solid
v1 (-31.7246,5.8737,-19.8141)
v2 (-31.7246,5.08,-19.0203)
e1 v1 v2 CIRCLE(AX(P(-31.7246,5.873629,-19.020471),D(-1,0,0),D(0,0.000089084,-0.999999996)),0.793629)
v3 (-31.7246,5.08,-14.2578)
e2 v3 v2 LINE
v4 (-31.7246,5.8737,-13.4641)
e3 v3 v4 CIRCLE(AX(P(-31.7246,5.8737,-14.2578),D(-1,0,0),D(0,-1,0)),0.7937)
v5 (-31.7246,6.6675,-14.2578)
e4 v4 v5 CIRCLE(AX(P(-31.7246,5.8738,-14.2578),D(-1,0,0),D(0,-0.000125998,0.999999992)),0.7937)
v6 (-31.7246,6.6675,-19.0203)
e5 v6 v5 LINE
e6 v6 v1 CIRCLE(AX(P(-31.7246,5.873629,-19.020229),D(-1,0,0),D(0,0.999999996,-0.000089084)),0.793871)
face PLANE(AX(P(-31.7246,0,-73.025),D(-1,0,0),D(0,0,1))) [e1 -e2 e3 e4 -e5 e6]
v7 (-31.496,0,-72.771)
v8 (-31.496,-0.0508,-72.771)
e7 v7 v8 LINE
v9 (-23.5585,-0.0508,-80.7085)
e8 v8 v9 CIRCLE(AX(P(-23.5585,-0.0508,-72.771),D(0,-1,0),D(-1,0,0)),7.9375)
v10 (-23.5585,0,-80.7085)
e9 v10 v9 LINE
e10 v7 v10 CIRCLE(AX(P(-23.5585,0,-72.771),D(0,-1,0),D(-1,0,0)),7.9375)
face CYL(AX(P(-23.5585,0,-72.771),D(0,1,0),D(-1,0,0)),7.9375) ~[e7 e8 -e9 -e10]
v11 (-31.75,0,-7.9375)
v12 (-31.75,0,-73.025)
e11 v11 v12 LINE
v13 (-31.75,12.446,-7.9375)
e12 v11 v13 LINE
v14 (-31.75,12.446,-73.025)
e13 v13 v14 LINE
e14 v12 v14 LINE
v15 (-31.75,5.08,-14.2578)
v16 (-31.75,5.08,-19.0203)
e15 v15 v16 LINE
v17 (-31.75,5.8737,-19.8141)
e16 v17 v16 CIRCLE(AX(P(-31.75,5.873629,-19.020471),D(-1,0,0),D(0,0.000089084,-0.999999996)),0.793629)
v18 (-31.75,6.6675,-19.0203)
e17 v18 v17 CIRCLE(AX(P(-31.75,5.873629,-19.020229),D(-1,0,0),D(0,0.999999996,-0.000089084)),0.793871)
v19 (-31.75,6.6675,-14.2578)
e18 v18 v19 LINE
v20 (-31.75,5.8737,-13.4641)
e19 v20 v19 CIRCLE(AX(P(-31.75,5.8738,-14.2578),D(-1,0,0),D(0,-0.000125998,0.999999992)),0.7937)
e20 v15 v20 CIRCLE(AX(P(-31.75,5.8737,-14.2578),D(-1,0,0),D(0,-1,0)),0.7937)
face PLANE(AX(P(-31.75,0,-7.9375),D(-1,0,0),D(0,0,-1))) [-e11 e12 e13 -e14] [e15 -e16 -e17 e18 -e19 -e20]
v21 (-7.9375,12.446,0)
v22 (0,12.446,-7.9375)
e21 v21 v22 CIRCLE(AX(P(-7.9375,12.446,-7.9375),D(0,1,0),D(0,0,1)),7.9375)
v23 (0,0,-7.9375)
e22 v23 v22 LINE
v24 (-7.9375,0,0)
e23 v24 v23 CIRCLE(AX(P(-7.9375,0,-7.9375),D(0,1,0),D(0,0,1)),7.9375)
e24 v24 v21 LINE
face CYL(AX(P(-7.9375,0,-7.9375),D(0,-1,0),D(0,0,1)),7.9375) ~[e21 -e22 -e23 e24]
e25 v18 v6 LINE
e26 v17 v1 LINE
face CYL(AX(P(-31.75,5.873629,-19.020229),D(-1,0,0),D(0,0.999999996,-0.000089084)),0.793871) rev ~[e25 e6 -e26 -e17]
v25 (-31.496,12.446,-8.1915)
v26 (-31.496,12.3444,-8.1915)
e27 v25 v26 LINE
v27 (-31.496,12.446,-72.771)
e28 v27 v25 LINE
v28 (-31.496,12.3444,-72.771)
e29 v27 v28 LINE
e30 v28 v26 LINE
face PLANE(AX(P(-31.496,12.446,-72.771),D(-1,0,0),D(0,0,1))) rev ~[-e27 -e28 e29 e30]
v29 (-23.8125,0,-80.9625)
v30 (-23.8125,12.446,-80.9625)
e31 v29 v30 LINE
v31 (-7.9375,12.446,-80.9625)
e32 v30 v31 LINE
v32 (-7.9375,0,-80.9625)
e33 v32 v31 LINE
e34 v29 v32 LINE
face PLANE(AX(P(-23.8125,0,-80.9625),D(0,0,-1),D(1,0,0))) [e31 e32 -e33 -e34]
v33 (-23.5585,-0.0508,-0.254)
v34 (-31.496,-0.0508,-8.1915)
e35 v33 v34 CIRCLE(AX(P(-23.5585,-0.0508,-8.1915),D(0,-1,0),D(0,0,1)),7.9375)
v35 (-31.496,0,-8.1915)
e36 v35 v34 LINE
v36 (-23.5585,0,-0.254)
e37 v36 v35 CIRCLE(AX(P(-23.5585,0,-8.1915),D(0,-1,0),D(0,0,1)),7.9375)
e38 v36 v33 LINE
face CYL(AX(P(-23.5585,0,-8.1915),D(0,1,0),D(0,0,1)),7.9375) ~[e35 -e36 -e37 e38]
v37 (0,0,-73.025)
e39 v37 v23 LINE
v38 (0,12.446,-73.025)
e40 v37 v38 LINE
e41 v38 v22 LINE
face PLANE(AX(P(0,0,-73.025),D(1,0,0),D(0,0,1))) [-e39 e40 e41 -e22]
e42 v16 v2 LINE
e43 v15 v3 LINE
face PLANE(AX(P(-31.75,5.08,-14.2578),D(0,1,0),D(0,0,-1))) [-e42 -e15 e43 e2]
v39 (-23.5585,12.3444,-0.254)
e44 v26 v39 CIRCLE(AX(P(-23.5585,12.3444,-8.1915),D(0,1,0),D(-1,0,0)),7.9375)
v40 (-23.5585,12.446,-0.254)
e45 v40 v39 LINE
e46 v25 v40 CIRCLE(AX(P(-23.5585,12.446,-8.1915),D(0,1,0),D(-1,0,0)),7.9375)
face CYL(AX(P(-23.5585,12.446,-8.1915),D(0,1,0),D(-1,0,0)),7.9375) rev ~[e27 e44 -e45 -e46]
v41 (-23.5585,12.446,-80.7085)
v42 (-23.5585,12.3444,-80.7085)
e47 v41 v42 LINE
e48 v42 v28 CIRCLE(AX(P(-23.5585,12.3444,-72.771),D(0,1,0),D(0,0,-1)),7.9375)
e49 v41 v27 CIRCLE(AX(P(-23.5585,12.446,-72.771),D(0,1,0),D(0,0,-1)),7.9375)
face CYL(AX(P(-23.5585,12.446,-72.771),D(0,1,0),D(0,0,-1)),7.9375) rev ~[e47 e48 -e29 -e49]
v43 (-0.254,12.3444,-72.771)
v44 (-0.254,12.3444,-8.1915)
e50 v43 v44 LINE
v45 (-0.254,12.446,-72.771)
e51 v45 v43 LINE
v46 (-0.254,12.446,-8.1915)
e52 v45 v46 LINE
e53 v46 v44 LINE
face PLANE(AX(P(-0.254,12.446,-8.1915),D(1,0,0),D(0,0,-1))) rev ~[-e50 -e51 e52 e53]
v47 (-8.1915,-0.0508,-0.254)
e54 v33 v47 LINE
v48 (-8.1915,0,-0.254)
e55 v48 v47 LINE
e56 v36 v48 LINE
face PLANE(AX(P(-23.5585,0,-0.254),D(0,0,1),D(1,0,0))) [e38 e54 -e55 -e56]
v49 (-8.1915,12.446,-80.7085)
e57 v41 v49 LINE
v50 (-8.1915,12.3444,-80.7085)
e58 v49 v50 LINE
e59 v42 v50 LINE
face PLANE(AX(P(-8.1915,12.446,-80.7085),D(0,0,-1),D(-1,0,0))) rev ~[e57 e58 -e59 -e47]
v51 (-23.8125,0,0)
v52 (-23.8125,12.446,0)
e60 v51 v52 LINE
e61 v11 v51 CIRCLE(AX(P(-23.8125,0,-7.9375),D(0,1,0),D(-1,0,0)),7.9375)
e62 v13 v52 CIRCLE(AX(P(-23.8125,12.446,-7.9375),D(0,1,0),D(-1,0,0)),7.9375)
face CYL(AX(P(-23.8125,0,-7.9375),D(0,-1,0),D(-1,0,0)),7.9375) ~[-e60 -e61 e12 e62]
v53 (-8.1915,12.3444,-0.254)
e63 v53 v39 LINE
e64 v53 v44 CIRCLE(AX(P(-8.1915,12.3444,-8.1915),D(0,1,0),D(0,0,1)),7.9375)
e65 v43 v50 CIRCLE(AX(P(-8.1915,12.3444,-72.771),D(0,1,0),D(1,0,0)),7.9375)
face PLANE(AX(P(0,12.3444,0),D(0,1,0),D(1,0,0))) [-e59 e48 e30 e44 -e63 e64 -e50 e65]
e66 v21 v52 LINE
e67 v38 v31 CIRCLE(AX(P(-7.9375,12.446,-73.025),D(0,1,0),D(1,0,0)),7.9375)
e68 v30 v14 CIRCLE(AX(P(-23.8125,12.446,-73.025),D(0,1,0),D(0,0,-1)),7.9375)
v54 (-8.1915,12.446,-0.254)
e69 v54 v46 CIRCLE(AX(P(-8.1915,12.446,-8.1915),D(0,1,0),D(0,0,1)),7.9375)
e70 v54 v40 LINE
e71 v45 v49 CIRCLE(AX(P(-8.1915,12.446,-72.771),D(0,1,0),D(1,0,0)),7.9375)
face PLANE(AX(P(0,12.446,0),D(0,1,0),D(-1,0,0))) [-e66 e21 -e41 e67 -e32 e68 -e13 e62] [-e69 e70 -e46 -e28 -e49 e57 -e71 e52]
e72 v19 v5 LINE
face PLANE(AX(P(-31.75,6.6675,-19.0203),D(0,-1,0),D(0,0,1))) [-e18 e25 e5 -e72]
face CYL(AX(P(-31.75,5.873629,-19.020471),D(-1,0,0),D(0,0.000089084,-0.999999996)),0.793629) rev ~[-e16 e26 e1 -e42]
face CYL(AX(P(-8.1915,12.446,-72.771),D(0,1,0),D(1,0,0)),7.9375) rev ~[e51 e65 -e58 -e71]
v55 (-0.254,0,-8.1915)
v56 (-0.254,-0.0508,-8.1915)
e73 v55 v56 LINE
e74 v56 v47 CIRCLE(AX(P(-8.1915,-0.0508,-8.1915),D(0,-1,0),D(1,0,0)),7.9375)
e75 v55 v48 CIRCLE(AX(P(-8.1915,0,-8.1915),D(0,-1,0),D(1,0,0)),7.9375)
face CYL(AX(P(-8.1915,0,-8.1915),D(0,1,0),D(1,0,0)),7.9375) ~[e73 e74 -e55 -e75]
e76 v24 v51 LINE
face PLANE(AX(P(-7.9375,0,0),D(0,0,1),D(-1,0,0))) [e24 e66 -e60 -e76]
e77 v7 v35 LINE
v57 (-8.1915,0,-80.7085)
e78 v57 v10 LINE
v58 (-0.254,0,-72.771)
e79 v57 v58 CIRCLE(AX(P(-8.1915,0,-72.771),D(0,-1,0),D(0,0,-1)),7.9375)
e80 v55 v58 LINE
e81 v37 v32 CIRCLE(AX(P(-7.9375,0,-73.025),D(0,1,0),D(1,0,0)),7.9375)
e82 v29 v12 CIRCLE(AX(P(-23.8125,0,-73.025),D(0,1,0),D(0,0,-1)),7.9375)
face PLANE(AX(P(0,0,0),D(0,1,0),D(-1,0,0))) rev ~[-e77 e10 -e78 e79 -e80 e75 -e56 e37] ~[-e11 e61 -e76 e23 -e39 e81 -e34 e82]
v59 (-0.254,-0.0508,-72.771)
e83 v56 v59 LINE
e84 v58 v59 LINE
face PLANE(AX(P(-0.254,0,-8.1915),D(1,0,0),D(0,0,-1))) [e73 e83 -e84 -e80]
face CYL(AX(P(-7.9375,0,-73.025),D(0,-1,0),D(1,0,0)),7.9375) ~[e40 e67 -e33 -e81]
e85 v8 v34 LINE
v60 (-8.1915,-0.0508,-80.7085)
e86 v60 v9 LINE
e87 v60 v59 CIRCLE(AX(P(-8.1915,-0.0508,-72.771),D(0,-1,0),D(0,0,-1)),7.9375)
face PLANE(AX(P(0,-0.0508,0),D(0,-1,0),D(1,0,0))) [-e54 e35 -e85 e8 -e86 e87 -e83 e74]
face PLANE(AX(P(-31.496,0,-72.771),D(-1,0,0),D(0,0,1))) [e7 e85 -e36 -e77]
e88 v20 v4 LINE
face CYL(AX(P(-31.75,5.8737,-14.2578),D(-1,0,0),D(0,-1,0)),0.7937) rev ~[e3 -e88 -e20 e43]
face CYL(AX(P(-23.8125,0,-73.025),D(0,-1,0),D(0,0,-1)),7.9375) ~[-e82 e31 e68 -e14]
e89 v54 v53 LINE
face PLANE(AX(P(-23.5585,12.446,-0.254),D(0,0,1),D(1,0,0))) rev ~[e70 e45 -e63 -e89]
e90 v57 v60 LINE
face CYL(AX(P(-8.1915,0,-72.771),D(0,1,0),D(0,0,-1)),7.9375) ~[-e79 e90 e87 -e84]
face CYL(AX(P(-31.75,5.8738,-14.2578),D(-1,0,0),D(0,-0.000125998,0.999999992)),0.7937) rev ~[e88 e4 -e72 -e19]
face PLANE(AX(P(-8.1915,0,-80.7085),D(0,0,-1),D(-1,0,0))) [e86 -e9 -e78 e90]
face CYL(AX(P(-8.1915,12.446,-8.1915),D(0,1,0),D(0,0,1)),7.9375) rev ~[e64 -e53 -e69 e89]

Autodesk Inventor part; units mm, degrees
ref_plane "YZ Plane" through (0, 0, 0) normal (1, 0, 0) x (0, 1, 0)
ref_plane "XZ Plane" through (0, 0, 0) normal (0, 1, 0) x (-1, 0, 0)
ref_plane "XY Plane" through (0, 0, 0) normal (0, 0, 1) x (1, 0, 0)
sketch "Sketch1" plane through (0, 0, 0) normal (0, 1, 0) x (-1, 0, 0)
  line L0 (7.9375, 0) -> (23.8125, 0)
  line L1 (31.75, -7.9375) -> (31.75, -73.025)
  line L2 (23.8125, -80.9625) -> (7.9375, -80.9625)
  line L3 (0, -73.025) -> (0, -7.9375)
  arc A0 (31.75, -7.9375) -> (23.8125, 0) centre (23.8125, -7.9375) ccw
  arc A1 (23.8125, -80.9625) -> (31.75, -73.025) centre (23.8125, -73.025) ccw
  arc A2 (0, -73.025) -> (7.9375, -80.9625) centre (7.9375, -73.025) ccw
  arc A3 (7.9375, 0) -> (0, -7.9375) centre (7.9375, -7.9375) ccw
  point P0 (0, 0)
  point P1 (31.75, -80.9625)
  point P2 (31.75, 0)
  point P3 (0, -80.9625)
  dimension "d0" = 80.9625
  dimension "d1" = 31.75
  dimension "d2" = 7.9375
  dimension "d3" = 7.9375
  dimension "d4" = 7.9375
  dimension "d5" = 7.9375
extrude "Extrusion1" add sketch "Sketch1" along normal blind 12.446
sketch "Sketch2" plane through (0, 12.446, 0) normal (0, 1, 0) x (1, 0, 0)
  line L0 (-31.75, 73.025) -> (-31.75, 7.9375) projected
  line L1 (-31.75, 3.952) -> (-31.496, 3.952)
  line L2 (-23.8125, 0) -> (-7.9375, 0) projected
  line L3 (-15.875, 0) -> (-15.875, 0.254)
  line L4 (-7.9375, 80.9625) -> (-23.8125, 80.9625) projected
  line L5 (-15.875, 80.9625) -> (-15.875, 80.7085)
  line L6 (0, 7.9375) -> (0, 73.025) projected
  line L7 (0, 40.4812) -> (-0.254, 40.4812)
  line L8 (-23.5585, 0.254) -> (-8.1915, 0.254)
  line L9 (-0.254, 8.1915) -> (-0.254, 72.771)
  line L10 (-8.1915, 80.7085) -> (-23.5585, 80.7085)
  line L11 (-31.496, 72.771) -> (-31.496, 8.1915)
  arc A0 (-0.254, 72.771) -> (-8.1915, 80.7085) centre (-8.1915, 72.771) ccw
  arc A1 (-23.5585, 80.7085) -> (-31.496, 72.771) centre (-23.5585, 72.771) ccw
  arc A2 (-8.1915, 0.254) -> (-0.254, 8.1915) centre (-8.1915, 8.1915) ccw
  arc A3 (-31.496, 8.1915) -> (-23.5585, 0.254) centre (-23.5585, 8.1915) ccw
  point P0 (0, 0)
  dimension "d8" = 0.254
  dimension "d9" = 0.254
  dimension "d10" = 0.254
  dimension "d11" = 0.254
  dimension "d12" = 7.9375
extrude "Extrusion2" cut sketch "Sketch2" against normal blind 0.1016
sketch "Sketch3" plane through (-31.75, 0, -73.025) normal (-1, 0, 0) x (0, 0, 1)
  line L0 (65.0875, 0) -> (0, 0) projected
  line L1 (59.5609, 0) -> (59.5609, 5.08)
  line L2 (65.0875, 12.446) -> (65.0875, 6.604)
  line L3 (65.0875, 0) -> (65.0875, 12.446) projected
  line L4 (58.7672, 5.08) -> (54.0047, 5.08)
  line L5 (53.2109, 5.8737) -> (53.2109, 5.8737)
  line L6 (54.0047, 6.6675) -> (58.7672, 6.6675)
  line L7 (59.5609, 5.8737) -> (59.5609, 5.8737)
  arc A0 (54.0047, 6.6675) -> (53.2109, 5.8737) centre (54.0047, 5.8738) ccw
  arc A1 (53.2109, 5.8737) -> (54.0047, 5.08) centre (54.0047, 5.8737) ccw
  arc A2 (59.5609, 5.8737) -> (58.7672, 6.6675) centre (58.7672, 5.8738) ccw
  arc A3 (58.7672, 5.08) -> (59.5609, 5.8737) centre (58.7672, 5.8737) ccw
  point P0 (73.025, 0)
  point P1 (53.2109, 6.6675)
  point P2 (59.5609, 6.6675)
  dimension "d15" = 5.08
  dimension "d17" = 5.842
  dimension "d18" = 6.35
  dimension "d19" = 1.5875
  dimension "d20" = 0.7937
extrude "Extrusion3" cut sketch "Sketch3" against normal blind 0.0254
sketch "Sketch4" plane through (0, 0, 0) normal (0, -1, 0) x (1, 0, 0)
  line L0 (-23.5585, -0.254) -> (-8.1915, -0.254)
  line L1 (-0.254, -8.1915) -> (-0.254, -72.771)
  line L2 (-8.1915, -80.7085) -> (-23.5585, -80.7085)
  line L3 (-31.496, -72.771) -> (-31.496, -8.1915)
  arc A0 (-31.496, -72.771) -> (-23.5585, -80.7085) centre (-23.5585, -72.771) ccw
  arc A1 (-8.1915, -80.7085) -> (-0.254, -72.771) centre (-8.1915, -72.771) ccw
  arc A2 (-23.5585, -0.254) -> (-31.496, -8.1915) centre (-23.5585, -8.1915) ccw
  arc A3 (-0.254, -8.1915) -> (-8.1915, -0.254) centre (-8.1915, -8.1915) ccw
  point P0 (0, 0)
  dimension "d23" = 7.9375
  dimension "d24" = 7.9375
  dimension "d25" = 7.9375
  dimension "d26" = 7.9375
extrude "Extrusion4" add sketch "Sketch4" along normal blind 0.0508
properties part number "leapmotioncontroller"
